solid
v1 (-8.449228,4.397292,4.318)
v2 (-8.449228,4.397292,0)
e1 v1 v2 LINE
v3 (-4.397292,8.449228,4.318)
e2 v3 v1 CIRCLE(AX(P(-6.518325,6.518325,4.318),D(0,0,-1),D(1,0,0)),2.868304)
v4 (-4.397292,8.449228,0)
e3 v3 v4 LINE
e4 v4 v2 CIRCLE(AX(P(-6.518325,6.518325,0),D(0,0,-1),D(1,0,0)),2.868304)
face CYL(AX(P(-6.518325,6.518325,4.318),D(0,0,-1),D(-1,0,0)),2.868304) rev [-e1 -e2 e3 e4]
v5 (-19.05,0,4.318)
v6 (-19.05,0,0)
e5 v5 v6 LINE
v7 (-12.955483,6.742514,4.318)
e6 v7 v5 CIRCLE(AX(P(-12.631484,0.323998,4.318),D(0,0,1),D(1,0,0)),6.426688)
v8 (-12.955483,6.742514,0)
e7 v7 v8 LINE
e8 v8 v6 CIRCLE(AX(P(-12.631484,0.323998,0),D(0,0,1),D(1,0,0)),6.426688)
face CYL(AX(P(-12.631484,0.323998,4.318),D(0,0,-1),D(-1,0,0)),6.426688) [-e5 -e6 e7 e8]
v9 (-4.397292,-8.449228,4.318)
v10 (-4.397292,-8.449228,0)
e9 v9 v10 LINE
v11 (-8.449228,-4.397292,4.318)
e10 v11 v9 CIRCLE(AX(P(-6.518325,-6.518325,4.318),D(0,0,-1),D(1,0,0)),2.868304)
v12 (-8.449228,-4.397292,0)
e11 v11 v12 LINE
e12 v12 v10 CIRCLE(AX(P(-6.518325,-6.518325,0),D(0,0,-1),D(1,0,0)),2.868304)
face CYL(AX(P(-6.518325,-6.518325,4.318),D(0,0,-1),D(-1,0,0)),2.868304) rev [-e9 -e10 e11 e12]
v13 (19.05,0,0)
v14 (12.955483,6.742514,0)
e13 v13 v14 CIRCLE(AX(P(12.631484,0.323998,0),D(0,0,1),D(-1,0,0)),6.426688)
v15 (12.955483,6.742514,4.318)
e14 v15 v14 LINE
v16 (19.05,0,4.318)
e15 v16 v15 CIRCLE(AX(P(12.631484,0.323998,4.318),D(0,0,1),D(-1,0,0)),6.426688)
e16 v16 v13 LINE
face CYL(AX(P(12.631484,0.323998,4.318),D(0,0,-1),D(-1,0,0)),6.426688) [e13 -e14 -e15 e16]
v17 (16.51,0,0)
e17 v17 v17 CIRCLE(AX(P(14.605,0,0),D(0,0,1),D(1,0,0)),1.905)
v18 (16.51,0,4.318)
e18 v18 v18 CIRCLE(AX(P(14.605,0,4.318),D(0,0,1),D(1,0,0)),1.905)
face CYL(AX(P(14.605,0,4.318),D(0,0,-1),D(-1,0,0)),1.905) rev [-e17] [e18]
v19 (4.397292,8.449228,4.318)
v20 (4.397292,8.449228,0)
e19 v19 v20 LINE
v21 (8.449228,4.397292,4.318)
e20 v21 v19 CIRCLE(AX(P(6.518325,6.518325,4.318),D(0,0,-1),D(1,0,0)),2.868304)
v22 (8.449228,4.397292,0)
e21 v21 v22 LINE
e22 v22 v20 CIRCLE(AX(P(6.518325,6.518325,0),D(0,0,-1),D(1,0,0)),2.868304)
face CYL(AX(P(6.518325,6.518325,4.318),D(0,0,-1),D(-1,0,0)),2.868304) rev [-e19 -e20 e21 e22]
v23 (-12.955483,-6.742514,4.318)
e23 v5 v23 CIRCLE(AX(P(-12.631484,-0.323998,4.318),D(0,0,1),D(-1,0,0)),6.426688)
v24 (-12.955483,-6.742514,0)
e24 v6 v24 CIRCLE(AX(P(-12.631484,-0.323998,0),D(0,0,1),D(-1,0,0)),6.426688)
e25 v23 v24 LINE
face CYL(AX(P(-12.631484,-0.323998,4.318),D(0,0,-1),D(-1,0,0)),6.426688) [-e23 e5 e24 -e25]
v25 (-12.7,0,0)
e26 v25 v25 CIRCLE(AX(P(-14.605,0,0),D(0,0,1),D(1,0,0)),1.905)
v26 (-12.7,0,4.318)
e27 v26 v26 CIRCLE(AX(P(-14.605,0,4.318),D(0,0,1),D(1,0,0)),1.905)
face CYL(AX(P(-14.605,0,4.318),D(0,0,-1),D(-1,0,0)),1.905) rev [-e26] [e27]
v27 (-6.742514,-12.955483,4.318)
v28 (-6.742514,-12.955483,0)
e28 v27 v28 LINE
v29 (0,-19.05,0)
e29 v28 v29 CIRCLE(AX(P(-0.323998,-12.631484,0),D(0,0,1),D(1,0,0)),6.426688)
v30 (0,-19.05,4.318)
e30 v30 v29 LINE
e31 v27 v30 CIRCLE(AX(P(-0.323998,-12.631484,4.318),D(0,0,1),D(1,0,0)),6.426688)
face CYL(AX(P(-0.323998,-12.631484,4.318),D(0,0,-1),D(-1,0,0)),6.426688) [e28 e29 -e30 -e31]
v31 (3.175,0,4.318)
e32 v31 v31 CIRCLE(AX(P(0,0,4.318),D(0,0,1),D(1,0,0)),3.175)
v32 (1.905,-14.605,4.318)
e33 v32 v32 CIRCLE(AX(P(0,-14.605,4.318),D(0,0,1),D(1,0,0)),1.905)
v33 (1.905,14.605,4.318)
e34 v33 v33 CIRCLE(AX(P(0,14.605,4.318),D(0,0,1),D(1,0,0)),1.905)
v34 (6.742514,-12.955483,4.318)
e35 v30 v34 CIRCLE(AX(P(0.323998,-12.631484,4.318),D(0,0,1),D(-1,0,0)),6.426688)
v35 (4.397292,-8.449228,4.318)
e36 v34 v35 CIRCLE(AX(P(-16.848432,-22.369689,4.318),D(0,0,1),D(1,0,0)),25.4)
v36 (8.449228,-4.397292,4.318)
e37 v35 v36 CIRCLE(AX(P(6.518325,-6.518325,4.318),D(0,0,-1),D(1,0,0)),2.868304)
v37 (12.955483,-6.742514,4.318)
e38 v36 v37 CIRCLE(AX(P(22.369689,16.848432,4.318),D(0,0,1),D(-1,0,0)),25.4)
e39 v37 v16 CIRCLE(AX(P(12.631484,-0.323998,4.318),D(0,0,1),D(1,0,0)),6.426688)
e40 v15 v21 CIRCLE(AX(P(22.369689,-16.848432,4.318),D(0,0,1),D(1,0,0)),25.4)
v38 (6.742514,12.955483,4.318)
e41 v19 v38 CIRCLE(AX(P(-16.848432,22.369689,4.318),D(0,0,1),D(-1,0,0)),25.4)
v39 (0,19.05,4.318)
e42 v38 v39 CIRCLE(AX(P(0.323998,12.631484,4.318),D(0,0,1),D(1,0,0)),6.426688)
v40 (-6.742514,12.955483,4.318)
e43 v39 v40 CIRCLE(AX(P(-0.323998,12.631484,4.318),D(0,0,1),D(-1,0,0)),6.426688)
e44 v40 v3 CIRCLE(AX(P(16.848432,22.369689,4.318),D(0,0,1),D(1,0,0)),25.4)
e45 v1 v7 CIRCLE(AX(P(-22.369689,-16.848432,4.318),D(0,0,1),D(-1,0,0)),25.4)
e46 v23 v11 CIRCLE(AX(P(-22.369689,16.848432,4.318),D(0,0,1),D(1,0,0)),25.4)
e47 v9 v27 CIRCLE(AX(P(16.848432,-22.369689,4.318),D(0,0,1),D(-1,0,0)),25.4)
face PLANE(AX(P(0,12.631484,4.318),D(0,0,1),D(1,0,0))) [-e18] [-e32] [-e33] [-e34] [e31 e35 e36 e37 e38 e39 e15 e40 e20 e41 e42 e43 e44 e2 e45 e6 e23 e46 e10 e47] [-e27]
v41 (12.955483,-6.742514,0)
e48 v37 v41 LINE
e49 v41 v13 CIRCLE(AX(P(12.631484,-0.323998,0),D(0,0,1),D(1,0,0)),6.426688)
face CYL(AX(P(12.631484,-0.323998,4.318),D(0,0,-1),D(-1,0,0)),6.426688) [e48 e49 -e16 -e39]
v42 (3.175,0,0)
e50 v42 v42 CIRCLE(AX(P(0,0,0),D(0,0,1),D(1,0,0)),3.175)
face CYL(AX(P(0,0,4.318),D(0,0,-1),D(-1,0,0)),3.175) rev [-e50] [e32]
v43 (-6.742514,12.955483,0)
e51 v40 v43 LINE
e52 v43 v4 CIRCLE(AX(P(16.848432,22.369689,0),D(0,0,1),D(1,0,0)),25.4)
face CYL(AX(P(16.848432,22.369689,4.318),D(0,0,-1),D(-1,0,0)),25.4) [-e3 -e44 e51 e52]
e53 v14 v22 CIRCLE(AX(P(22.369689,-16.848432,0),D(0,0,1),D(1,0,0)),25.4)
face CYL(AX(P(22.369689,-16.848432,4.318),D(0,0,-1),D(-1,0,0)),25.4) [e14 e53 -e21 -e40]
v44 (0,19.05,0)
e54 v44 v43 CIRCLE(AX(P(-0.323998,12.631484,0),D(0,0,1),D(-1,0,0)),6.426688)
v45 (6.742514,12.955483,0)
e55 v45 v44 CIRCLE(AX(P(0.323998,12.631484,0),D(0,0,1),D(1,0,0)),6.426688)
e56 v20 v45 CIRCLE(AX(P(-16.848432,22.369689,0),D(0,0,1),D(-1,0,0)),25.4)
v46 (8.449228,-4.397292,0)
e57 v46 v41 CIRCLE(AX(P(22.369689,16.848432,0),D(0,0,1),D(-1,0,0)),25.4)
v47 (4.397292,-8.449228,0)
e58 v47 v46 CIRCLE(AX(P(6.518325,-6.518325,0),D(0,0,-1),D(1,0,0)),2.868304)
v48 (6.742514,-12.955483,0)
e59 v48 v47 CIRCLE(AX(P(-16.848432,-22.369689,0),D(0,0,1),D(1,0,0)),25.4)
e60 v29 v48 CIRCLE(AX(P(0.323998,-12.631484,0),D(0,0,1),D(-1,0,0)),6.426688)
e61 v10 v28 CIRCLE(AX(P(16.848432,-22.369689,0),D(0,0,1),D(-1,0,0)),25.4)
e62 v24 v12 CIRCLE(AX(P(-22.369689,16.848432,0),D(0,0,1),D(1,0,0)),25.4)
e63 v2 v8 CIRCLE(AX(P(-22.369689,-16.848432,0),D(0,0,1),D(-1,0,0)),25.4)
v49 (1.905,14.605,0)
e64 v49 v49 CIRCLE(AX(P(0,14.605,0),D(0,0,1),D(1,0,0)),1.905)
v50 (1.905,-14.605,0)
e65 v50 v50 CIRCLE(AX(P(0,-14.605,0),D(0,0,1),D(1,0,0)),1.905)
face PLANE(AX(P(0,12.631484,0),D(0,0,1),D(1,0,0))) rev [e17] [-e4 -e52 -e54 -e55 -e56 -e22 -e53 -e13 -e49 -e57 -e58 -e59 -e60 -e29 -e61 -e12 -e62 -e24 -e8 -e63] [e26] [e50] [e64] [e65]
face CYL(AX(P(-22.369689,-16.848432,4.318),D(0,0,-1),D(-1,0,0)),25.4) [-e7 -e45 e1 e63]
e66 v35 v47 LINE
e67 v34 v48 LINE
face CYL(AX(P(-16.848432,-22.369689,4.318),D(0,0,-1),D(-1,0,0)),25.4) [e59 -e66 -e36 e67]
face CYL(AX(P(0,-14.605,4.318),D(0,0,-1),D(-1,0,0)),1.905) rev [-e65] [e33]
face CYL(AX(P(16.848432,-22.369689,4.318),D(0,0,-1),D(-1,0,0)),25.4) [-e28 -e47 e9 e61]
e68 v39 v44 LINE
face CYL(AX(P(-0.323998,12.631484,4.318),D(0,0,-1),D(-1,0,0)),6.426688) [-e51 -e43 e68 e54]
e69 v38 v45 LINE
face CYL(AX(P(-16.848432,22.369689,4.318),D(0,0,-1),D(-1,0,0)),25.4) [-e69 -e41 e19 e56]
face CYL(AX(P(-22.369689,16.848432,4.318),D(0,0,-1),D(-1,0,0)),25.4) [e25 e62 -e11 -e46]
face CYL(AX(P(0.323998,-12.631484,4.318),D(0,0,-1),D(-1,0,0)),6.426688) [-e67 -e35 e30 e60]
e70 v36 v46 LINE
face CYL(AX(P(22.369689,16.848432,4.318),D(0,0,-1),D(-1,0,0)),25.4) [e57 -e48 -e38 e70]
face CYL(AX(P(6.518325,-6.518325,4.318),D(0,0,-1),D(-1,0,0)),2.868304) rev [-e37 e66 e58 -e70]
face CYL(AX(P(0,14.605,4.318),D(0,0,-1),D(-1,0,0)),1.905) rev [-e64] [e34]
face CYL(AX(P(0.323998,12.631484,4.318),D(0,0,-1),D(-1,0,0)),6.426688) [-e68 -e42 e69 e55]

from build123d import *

# Parameters (mm, degrees)
SKETCH1_R           = 1.905
SKETCH1_R_2         = 3.175
BOSS_EXTRUDE1_DEPTH = 4.318


with BuildPart() as part:
    # Sketch1 → Boss-Extrude1 (new body)
    with BuildSketch(Plane.XY):
        with BuildLine():
            ThreePointArc((-6.74251391, 12.955482668), (-4.633472823, 17.399161687), (0, 19.05))
            ThreePointArc((0, 19.05), (4.633472823, 17.399161687), (6.74251391, 12.955482668))
            ThreePointArc((6.74251391, 12.955482668), (5.682842224, 10.643577378), (4.397291681, 8.449227827))
            ThreePointArc((4.397291681, 8.449227827), (4.490128061, 4.490128061), (8.449227827, 4.397291681))
            ThreePointArc((8.449227827, 4.397291681), (10.643577378, 5.682842224), (12.955482668, 6.74251391))
            ThreePointArc((12.955482668, 6.74251391), (17.399161687, 4.633472823), (19.05, 0))
            ThreePointArc((19.05, 0), (17.399161687, -4.633472823), (12.955482668, -6.74251391))
            ThreePointArc((12.955482668, -6.74251391), (10.643577378, -5.682842224), (8.449227827, -4.397291681))
            ThreePointArc((8.449227827, -4.397291681), (4.490128061, -4.490128061), (4.397291681, -8.449227827))
            ThreePointArc((4.397291681, -8.449227827), (5.682842224, -10.643577378), (6.74251391, -12.955482668))
            ThreePointArc((6.74251391, -12.955482668), (4.633472823, -17.399161687), (0, -19.05))
            ThreePointArc((0, -19.05), (-4.633472823, -17.399161687), (-6.74251391, -12.955482668))
            ThreePointArc((-6.74251391, -12.955482668), (-5.682842224, -10.643577378), (-4.397291681, -8.449227827))
            ThreePointArc((-4.397291681, -8.449227827), (-4.490128061, -4.490128061), (-8.449227827, -4.397291681))
            ThreePointArc((-8.449227827, -4.397291681), (-10.643577378, -5.682842224), (-12.955482668, -6.74251391))
            ThreePointArc((-12.955482668, -6.74251391), (-17.399161687, -4.633472823), (-19.05, 0))
            ThreePointArc((-19.05, 0), (-17.399161687, 4.633472823), (-12.955482668, 6.74251391))
            ThreePointArc((-12.955482668, 6.74251391), (-10.643577378, 5.682842224), (-8.449227827, 4.397291681))
            ThreePointArc((-8.449227827, 4.397291681), (-4.490128061, 4.490128061), (-4.397291681, 8.449227827))
            ThreePointArc((-4.397291681, 8.449227827), (-5.682842224, 10.643577378), (-6.74251391, 12.955482668))
        make_face()
        with Locations((0, 14.605)):
            Circle(SKETCH1_R, mode=Mode.SUBTRACT)
        with Locations((14.605, 0)):
            Circle(SKETCH1_R, mode=Mode.SUBTRACT)
        with Locations((0, -14.605)):
            Circle(SKETCH1_R, mode=Mode.SUBTRACT)
        with Locations((-14.605, 0)):
            Circle(SKETCH1_R, mode=Mode.SUBTRACT)
        Circle(SKETCH1_R_2, mode=Mode.SUBTRACT)
    extrude(amount=BOSS_EXTRUDE1_DEPTH)


solid = part.part
